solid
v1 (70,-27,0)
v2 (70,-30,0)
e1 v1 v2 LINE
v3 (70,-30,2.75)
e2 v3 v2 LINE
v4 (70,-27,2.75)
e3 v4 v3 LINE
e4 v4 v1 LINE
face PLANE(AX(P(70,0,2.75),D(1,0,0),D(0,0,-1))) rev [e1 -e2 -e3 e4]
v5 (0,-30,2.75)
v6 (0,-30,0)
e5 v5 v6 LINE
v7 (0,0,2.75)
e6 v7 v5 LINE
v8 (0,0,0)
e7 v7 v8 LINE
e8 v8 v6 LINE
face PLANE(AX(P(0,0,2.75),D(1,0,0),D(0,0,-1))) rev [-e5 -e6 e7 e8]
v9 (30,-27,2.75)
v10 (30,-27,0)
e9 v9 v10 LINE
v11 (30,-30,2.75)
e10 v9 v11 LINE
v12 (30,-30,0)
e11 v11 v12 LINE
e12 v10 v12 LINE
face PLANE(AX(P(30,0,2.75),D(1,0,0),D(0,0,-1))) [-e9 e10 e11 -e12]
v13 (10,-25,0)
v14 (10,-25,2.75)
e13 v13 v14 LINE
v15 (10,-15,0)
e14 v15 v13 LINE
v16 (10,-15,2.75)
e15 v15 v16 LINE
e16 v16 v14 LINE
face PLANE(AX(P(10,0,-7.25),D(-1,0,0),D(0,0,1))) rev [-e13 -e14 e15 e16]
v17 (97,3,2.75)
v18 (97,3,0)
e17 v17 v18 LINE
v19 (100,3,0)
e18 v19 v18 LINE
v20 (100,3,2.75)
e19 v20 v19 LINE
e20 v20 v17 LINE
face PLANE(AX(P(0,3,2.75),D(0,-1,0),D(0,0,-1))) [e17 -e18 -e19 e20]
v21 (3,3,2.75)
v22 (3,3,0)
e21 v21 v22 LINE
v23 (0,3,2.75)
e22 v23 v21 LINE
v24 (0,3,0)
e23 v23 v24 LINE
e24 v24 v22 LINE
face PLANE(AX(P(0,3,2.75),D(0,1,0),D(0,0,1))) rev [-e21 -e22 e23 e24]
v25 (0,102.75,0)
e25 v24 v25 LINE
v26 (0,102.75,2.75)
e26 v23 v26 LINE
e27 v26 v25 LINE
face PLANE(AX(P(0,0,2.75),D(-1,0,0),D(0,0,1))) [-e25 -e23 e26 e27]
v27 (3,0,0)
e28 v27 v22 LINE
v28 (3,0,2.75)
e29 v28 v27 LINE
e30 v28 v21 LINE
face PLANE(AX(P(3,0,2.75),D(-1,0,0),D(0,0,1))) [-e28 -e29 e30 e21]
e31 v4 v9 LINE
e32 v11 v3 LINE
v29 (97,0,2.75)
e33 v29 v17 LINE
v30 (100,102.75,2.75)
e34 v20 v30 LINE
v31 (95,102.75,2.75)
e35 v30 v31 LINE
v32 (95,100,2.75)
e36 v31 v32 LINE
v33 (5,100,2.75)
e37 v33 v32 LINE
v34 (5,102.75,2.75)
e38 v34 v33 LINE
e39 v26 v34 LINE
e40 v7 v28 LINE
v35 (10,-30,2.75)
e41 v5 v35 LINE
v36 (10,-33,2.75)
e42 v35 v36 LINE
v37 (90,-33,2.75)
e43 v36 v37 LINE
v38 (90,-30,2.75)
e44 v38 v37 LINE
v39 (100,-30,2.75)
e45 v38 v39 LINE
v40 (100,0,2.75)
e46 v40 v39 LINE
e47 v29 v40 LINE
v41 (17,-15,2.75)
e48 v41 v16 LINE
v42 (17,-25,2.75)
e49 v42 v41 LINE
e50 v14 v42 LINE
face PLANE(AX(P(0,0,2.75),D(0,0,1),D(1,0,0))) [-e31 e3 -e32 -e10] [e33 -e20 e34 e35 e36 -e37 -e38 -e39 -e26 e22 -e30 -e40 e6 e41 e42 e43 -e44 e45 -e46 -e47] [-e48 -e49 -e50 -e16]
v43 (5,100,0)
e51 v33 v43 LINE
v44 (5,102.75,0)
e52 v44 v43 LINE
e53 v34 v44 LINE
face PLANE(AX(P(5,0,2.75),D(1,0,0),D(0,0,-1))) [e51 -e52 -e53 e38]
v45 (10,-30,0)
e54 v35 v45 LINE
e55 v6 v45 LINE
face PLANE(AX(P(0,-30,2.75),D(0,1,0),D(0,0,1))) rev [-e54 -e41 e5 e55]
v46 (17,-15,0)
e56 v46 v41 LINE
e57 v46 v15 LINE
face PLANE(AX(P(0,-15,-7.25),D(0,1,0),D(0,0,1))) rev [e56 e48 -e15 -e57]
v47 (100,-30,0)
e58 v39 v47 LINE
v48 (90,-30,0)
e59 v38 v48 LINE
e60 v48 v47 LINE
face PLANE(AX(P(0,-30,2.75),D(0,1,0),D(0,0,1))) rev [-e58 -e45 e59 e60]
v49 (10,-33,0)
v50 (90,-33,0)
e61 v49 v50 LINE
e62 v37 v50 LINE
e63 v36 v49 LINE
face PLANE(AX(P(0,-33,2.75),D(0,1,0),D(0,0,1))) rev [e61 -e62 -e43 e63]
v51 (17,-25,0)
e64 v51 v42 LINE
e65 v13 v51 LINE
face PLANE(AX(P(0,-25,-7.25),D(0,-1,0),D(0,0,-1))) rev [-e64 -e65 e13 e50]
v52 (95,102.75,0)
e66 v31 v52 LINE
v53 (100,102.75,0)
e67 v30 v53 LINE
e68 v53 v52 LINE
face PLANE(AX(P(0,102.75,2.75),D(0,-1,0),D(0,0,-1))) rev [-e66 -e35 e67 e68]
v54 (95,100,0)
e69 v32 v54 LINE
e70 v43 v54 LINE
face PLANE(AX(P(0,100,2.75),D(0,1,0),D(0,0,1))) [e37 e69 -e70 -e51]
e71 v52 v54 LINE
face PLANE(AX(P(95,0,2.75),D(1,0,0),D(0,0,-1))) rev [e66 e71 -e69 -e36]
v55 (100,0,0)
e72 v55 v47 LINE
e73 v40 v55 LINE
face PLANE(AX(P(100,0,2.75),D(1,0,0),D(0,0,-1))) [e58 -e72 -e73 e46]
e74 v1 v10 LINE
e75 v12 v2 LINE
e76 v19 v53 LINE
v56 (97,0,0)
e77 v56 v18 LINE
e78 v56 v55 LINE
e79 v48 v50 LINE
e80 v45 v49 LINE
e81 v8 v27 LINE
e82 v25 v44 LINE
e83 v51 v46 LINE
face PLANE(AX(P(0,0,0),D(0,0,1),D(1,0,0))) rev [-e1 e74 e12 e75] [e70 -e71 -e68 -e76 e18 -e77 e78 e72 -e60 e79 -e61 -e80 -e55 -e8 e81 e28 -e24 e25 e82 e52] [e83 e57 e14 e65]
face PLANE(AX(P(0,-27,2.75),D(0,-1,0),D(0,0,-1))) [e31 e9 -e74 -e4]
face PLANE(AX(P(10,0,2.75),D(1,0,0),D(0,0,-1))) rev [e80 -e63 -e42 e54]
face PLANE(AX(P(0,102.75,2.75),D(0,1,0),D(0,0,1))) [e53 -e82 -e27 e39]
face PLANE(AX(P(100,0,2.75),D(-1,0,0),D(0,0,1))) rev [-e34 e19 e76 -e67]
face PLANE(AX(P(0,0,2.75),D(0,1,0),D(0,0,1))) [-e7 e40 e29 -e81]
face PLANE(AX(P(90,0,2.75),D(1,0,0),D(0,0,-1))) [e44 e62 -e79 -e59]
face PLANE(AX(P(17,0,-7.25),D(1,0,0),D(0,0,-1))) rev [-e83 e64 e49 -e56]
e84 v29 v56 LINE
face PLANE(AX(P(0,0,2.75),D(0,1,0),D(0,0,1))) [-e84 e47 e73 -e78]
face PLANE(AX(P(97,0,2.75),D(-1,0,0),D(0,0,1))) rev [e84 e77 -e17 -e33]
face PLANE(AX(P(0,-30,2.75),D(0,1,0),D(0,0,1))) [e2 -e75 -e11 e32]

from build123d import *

# Parameters (mm, degrees)
SKETCH_1_W          = 5
SKETCH_1_H          = 2.75
EXTRUDE_1_DEPTH     = 2.75
SKETCH_2_W          = 7
SKETCH_2_H          = 10
CUT_EXTRUDE_1_DEPTH = 10


with BuildPart() as part:
    # 草图1 → 凸台-拉伸1 (new body)
    with BuildSketch(Plane.XY):
        Polygon((95, 100), (100, 100), (100, 102.75), (95, 102.75), (95, 102.449578136), align=None)
        Polygon((3, 3), (3, 0), (97, 0), (97, 3), (100, 3), (100, 100), (95, 100), (5, 100), (0, 100), (0, 3), align=None)
        with Locations((2.5, 101.375)):
            Rectangle(SKETCH_1_W, SKETCH_1_H)
        Polygon((0, 0), (0, -30), (10, -30), (30, -30), (30, -27), (50, -27), (70, -27), (70, -30), (90, -30), (100, -30), (100, 0), (97, 0), (3, 0), align=None)
        Polygon((30, -30), (10, -30), (10, -33), (90, -33), (90, -30), (70, -30), (50, -30), align=None)
    extrude(amount=EXTRUDE_1_DEPTH)

    # 草图2 → 切除-拉伸1 (cut)
    with BuildSketch(Plane.XY.offset(2.75)):
        with Locations((13.5, -20)):
            Rectangle(SKETCH_2_W, SKETCH_2_H)
    extrude(amount=-CUT_EXTRUDE_1_DEPTH, mode=Mode.SUBTRACT)


solid = part.part
